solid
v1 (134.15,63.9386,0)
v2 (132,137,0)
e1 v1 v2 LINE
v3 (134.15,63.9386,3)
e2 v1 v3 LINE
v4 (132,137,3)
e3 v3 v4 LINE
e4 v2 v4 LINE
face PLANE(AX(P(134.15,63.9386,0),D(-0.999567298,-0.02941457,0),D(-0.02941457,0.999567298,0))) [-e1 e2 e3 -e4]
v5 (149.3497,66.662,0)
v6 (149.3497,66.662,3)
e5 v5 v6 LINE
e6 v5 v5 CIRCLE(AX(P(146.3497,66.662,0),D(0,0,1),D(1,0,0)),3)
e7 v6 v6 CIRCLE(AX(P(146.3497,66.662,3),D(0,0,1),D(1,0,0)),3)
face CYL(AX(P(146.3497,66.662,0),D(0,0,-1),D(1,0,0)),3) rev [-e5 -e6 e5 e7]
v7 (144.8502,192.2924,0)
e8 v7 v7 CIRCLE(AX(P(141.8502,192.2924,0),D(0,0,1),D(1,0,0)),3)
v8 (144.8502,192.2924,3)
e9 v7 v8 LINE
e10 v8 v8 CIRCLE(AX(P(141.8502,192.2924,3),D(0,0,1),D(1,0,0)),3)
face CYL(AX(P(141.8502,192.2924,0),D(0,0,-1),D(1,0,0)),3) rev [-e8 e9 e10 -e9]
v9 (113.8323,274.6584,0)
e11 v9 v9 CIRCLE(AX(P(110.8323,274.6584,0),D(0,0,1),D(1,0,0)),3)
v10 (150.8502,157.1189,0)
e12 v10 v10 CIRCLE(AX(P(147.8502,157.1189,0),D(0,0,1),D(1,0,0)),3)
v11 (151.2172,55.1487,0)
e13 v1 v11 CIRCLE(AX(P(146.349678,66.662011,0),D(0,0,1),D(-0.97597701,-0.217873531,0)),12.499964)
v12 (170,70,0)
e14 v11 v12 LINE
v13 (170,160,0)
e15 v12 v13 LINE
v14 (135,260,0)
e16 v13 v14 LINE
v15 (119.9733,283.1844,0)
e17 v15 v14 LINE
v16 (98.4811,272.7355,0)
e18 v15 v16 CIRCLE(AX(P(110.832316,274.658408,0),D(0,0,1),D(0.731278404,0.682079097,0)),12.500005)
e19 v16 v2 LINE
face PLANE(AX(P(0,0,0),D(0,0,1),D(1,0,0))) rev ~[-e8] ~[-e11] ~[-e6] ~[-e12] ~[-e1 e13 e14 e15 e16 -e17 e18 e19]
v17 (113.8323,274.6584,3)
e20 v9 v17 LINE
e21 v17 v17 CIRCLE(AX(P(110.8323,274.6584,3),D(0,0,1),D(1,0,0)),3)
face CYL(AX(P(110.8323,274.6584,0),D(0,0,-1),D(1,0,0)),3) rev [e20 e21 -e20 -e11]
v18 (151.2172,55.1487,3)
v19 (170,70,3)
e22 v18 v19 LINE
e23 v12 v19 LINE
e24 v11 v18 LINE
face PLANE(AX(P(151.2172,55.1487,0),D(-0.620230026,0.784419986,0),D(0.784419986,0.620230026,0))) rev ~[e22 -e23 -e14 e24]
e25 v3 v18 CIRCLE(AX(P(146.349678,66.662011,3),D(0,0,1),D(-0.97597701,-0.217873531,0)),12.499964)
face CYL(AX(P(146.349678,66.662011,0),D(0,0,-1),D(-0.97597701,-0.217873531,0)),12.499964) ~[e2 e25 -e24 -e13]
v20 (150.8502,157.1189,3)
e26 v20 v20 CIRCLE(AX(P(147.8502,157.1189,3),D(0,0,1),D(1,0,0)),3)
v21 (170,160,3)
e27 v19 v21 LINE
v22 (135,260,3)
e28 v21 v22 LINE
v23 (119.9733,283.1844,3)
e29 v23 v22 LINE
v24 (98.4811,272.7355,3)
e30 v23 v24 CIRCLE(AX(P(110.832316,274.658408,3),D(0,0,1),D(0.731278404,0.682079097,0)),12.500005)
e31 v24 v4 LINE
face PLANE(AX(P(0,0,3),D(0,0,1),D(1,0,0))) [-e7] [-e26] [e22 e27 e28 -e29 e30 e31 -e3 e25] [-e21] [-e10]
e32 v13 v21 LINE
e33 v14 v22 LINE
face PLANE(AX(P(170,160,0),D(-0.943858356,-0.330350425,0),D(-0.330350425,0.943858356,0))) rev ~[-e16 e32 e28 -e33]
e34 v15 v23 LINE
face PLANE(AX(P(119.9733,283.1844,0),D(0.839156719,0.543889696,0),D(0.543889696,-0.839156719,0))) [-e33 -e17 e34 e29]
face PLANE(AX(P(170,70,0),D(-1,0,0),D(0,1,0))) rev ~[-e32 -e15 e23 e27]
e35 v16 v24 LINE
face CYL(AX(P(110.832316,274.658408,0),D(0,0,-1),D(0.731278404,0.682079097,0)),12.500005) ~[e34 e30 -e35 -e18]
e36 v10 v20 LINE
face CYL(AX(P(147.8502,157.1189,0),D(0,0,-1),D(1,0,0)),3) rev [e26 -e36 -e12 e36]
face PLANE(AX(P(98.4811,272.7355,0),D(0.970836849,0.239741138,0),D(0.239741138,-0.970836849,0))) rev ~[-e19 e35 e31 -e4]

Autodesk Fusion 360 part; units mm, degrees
sketch "Esquisse1" plane through (0, 0, 0) normal (0, 0, 1) x (1, 0, 0)
  circle A0 centre (-28.9762, 57.1678) radius 4 construction
  circle A1 centre (0, 0) radius 4 construction
  circle A2 centre (65.0769, 11.2557) radius 4 construction
  spline S0 degree 3 poles (-28.9762, 70.1678) (-36.1559, 70.1678) (-41.9762, 64.3475) (-41.9762, 57.1678) (-41.9762, 49.9881) (-36.1559, 44.1678) (-28.9762, 44.1678) knots 0 0 0 0 1 1 1 2 2 2 2
  spline S1 degree 3 poles (-10.2665, 7.9748) (-2.9429, 18.3079) (-5.3826, 32.6214) (-15.7156, 39.945) (-19.5917, 42.6922) (-24.2253, 44.1678) (-28.9762, 44.1678) knots 0 0 0 0 1 1 1 2 2 2 2
  spline S2 degree 3 poles (64.1314, 172.9751) (62.374, 174.7324) (59.5248, 174.7324) (57.7674, 172.9751) (56.0101, 171.2177) (56.0101, 168.3685) (57.7674, 166.6111) knots 0 0 0 0 1 1 1 2 2 2 2
  line L0 (70.1314, 166.9751) -> (64.1314, 172.9751) construction
  spline S3 degree 3 poles (63.7674, 160.6111) (65.5248, 158.8538) (68.374, 158.8538) (70.1314, 160.6111) (71.8888, 162.3685) (71.8888, 165.2177) (70.1314, 166.9751) knots 0 0 0 0 1 1 1 2 2 2 2
  line L1 (63.7674, 160.6111) -> (57.7674, 166.6111) construction
  spline S4 degree 3 poles (48.9494, 163.7931) (48.9494, 162.9431) (49.0096, 162.0942) (49.1296, 161.2528) knots 0 0 0 0 1 1 1 1
  line L2 (57.7674, 166.6111) -> (63.7674, 160.6111) construction
  spline S5 degree 3 poles (64.1314, 172.9751) (62.374, 174.7324) (59.5248, 174.7324) (57.7674, 172.9751) (56.0101, 171.2177) (56.0101, 168.3685) (57.7674, 166.6111) knots 0 0 0 0 1 1 1 2 2 2 2 construction
  line L3 (70.1314, 166.9751) -> (64.1314, 172.9751) construction
  spline S6 degree 3 poles (63.7674, 160.6111) (65.5248, 158.8538) (68.374, 158.8538) (70.1314, 160.6111) (71.8888, 162.3685) (71.8888, 165.2177) (70.1314, 166.9751) knots 0 0 0 0 1 1 1 2 2 2 2 construction
  circle A3 centre (77.1957, 405.5301) radius 9.525 construction
  spline S7 degree 3 poles (-10.2665, 7.9748) (-2.9429, 18.3079) (-5.3826, 32.6214) (-15.7156, 39.945) (-19.5917, 42.6922) (-24.2253, 44.1678) (-28.9762, 44.1678) knots 0 0 0 0 1 1 1 2 2 2 2 construction
  spline S8 degree 3 poles (-10.2665, 7.9748) (-14.6709, 2.3048) (-13.6449, -5.8622) (-7.9748, -10.2665) (-5.0869, -12.5098) (-1.3877, -13.433) (2.2156, -12.8098) knots 0 0 0 0 1 1 1 2 2 2 2 construction
  circle A4 centre (66.9494, 163.7931) radius 4.5 construction
  circle A5 centre (66.9494, 163.7931) radius 2.95 construction
  circle A6 centre (77.1957, 405.5301) radius 6.2 construction
  arc A7 (29.3943, 70.1678) -> (38.5415, 76.1229) centre (29.3943, 80.1706) ccw construction
  circle A8 centre (105.659, 34.9839) radius 3 construction
  line L4 (30.2663, 244.3325) -> (62.716, 371.2499) construction
  line L5 (150.2746, 456.2058) -> (249.6046, 17.5293) construction
  line L6 (66.9494, 163.7931) -> (35.3654, 116.3437) construction
  circle A9 centre (86.9154, 445.0854) radius 2 construction
  line L7 (86.9154, 445.0854) -> (59.0066, 452.9658) construction
  line L8 (59.0066, 452.9658) -> (50.8545, 424.0946) construction
  line L9 (59.0066, 452.9658) -> (67.1587, 481.8369) construction
  circle A10 centre (-28.9762, 57.1678) radius 13.0029 construction
  circle A11 centre (0, 0) radius 13.0029 construction
  circle A12 centre (105.659, 34.9839) radius 13 construction
  circle A13 centre (146.3497, 66.662) radius 3 construction
  circle A14 centre (146.3497, 66.662) radius 7.5 construction
  circle A15 centre (66.9494, 163.7931) radius 13 construction
  line L10 (30.2663, 244.3325) -> (49.643, 239.3784) construction
  line L11 (49.643, 239.3784) -> (82.0927, 366.2958) construction
  line L12 (194.3502, 181.1189) -> (109.3502, 181.1189) construction
  line L13 (109.3502, 181.1189) -> (109.3502, 117.1189) construction
  line L14 (109.3502, 117.1189) -> (194.3502, 117.1189) construction
  line L15 (194.3502, 117.1189) -> (194.3502, 181.1189) construction
  line L16 (89.3502, 252.2924) -> (174.3502, 252.2924) construction
  line L17 (174.3502, 252.2924) -> (174.3502, 188.2924) construction
  line L18 (174.3502, 188.2924) -> (89.3502, 188.2924) construction
  line L19 (89.3502, 188.2924) -> (89.3502, 252.2924) construction
  arc A16 (149.7785, 59.9917) -> (116.6647, 28.0647) centre (186.2634, -10.9854) ccw construction
  arc A17 (-10.2665, 7.9748) -> (6.9982, -10.9556) centre (0, 0) ccw construction
  line L20 (115, 102) -> (155, 102) construction
  line L21 (155, 102) -> (155, 82) construction
  line L22 (155, 82) -> (115, 82) construction
  line L23 (115, 82) -> (115, 102) construction
  spline S9 degree 5 poles (47.7274, 67.4718) (47.3281, 66.25) (46.4427, 63.9241) (44.8543, 60.7877) (42.2069, 57.3229) (37.9663, 54.2531) (32.7422, 52.5151) (26.5189, 52.1302) (19.36, 53.0121) (11.3588, 55.0347) (2.6106, 58.0689) (-4.924, 61.2221) (-10.8549, 63.966) (-14.9312, 65.9611) (-17, 67) knots 0 0 0 0 0 0 0.1 0.2 0.3 0.4 0.5 0.6 0.7 0.8 0.9 1 1 1 1 1 1 construction
  arc A18 (149.7785, 59.9917) -> (145.7758, 74.1401) centre (146.3497, 66.662) ccw construction
  arc A19 (106.8583, 22.0393) -> (116.6647, 28.0647) centre (105.659, 34.9839) ccw construction
  line L24 (82.0927, 366.2958) -> (42.6573, 212.0556) construction
  spline S10 degree 5 poles (-17, 67) (-17.1898, 67.1027) (-17.5737, 67.3046) (-18.1631, 67.5968) (-18.9761, 67.9649) (-20.0408, 68.3868) (-21.1577, 68.7673) (-22.3305, 69.1037) (-23.5599, 69.3954) (-24.8424, 69.645) (-26.1736, 69.8562) (-27.2741, 69.9971) (-28.118, 70.0881) (-28.6888, 70.1423) (-28.9762, 70.1678) knots 0 0 0 0 0 0 0.1 0.2 0.3 0.4 0.5 0.6 0.7 0.8 0.9 1 1 1 1 1 1 construction
  line L25 (112.0927, 366.2958) -> (82.0927, 366.2958) construction
  circle A20 centre (0, 0) radius 4.15 construction
  circle A21 centre (-28.9762, 57.1678) radius 4.15 construction
  arc A22 (47.7274, 67.4718) -> (42.6713, 210.5165) centre (-255.8881, 128.3519) ccw construction
  circle A23 centre (66.9494, 163.7931) radius 3 construction
  circle A24 centre (110.8323, 274.6584) radius 7.5 construction
  arc A25 (106.8583, 22.0393) -> (6.9982, -10.9556) centre (128.4398, -210.8903) ccw construction
  arc A26 (82.0927, 366.2958) -> (71.4434, 397.9383) centre (52.352, 373.8997) ccw construction
  arc A27 (6.7295, -63.1083) -> (50.332, 237.2291) centre (-255.8881, 128.3519) ccw construction
  arc A28 (165.8909, 81.8045) -> (94.5564, -35.7811) centre (186.2634, -10.9854) ccw construction
  arc A29 (305.7966, -36.1174) -> (-67.5783, -57.3394) centre (128.4398, -210.8903) ccw construction
  line L26 (110.0008, 99.9968) -> (84.3502, 214.0814) construction
  arc A30 (112.5946, 267.3684) -> (84.3502, 214.0814) centre (122.0574, 228.2239) ccw construction
  arc A31 (110.0008, 99.9968) -> (145.7758, 74.1401) centre (143.1616, 108.2003) ccw construction
  line L27 (62.716, 371.2499) -> (30.2663, 244.3325) construction
  line L28 (30.2663, 244.3325) -> (-3.6429, 253.0023) construction
  line L29 (-3.6429, 253.0023) -> (28.8068, 379.9197) construction
  line L30 (28.8068, 379.9197) -> (62.716, 371.2499) construction
  line L31 (28.8068, 379.9197) -> (32.5224, 394.4522) construction
  line L32 (32.5224, 394.4522) -> (62.716, 371.2499) construction
  line L33 (-3.6429, 253.0023) -> (-7.3585, 238.4698) construction
  line L34 (-7.3585, 238.4698) -> (30.2663, 244.3325) construction
  arc A32 (112.0927, 366.2958) -> (115.0505, 280.8597) centre (180.406, 325.8915) ccw construction
  arc A33 (112.5946, 267.3684) -> (115.0505, 280.8597) centre (110.8323, 274.6584) ccw construction
  circle A34 centre (110.8323, 274.6584) radius 3 construction
  circle A35 centre (77.1957, 405.5301) radius 6 construction
  arc A36 (69.3852, 410.9818) -> (71.4434, 397.9383) centre (77.1957, 405.5301) ccw construction
  arc A37 (142.115, 85.3833) -> (84.2801, -39.8886) centre (186.2634, -10.9854) ccw construction
  arc A38 (108.2254, 142.5582) -> (166.09, 64.8957) centre (143.1616, 108.2003) ccw construction
  line L35 (69.7156, 210.791) -> (84.3502, 214.0814) construction
  line L36 (110.0008, 99.9968) -> (95.3661, 96.7063) construction
  line L37 (95.3661, 96.7063) -> (70.593, 206.8884) construction
  line L38 (65.813, 209.9136) -> (63.0859, 209.3004) construction
  line L39 (69.6598, 177.648) -> (72.9035, 178.3773) construction
  line L40 (71.751, 151.5603) -> (78.7024, 152.9702) construction
  line L41 (91.664, 95.874) -> (69.6275, 90.9193) construction
  line L42 (88.6169, 108.4898) -> (73.4183, 105.0726) construction
  line L43 (91.642, 113.2699) -> (83.4, 149.9274) construction
  line L44 (69.7156, 210.791) -> (75.9287, 183.1573) construction
  arc A39 (64.835, 180.9038) -> (60.0746, 204.4611) centre (-255.8881, 128.3519) ccw construction
  arc A40 (68.5478, 109.2108) -> (68.5529, 147.4056) centre (-255.8881, 128.3519) ccw construction
  arc A41 (58.4283, 45.7068) -> (66.5367, 87.5193) centre (-255.8881, 128.3519) ccw construction
  arc A42 (96.3504, 93.1926) -> (111.6523, 70.4686) centre (143.1616, 108.2003) ccw construction
  arc A43 (111.8948, 64.5481) -> (98.719, 48.7807) centre (186.2634, -10.9854) ccw construction
  arc A44 (95.9158, 47.0674) -> (63.299, 40.8172) centre (128.4398, -210.8903) ccw construction
  arc A45 (58.4283, 45.7068) -> (63.299, 40.8172) centre (62.2968, 44.6896) ccw construction
  arc A46 (69.6275, 90.9193) -> (66.5367, 87.5193) centre (70.505, 87.0168) ccw construction
  arc A47 (111.8948, 64.5481) -> (111.6523, 70.4686) centre (109.0884, 67.3984) ccw construction
  arc A48 (95.9158, 47.0674) -> (98.719, 48.7807) centre (95.4155, 51.036) ccw construction
  arc A49 (96.3504, 93.1926) -> (91.664, 95.874) centre (92.5414, 91.9714) ccw construction
  arc A50 (71.751, 151.5603) -> (68.5529, 147.4056) centre (72.546, 147.6401) ccw construction
  arc A51 (68.5478, 109.2108) -> (73.4183, 105.0726) centre (72.5408, 108.9752) ccw construction
  arc A52 (88.6169, 108.4898) -> (91.642, 113.2699) centre (87.7395, 112.3924) ccw construction
  arc A53 (83.4, 149.9274) -> (78.7024, 152.9702) centre (79.4974, 149.05) ccw construction
  arc A54 (72.9035, 178.3773) -> (75.9287, 183.1573) centre (72.0261, 182.2799) ccw construction
  arc A55 (64.835, 180.9038) -> (69.6598, 177.648) centre (68.7824, 181.5506) ccw construction
  arc A56 (63.0859, 209.3004) -> (60.0746, 204.4611) centre (63.9633, 205.3978) ccw construction
  arc A57 (70.593, 206.8884) -> (65.813, 209.9136) centre (66.6904, 206.011) ccw construction
  arc A58 (133.9714, 281.918) -> (103.7167, 176.372) centre (122.0574, 228.2239) ccw construction
  arc A59 (124.2253, 402.4992) -> (112.5946, 259.3587) centre (180.406, 325.8915) ccw construction
  line L45 (85.3019, 318.2923) -> (52.245, 189.4942) construction
  line L46 (78.1169, 264.0249) -> (74.6937, 264.9035) construction
  line L47 (72.533, 268.5524) -> (81.8866, 305.1363) construction
  arc A60 (87.72, 305.0513) -> (96.914, 280.5695) centre (180.406, 325.8915) ccw construction
  arc A61 (95.7143, 276.5047) -> (81.0969, 264.9286) centre (122.0574, 228.2239) ccw construction
  arc A62 (95.7143, 276.5047) -> (96.914, 280.5695) centre (94.2774, 279.1382) ccw construction
  arc A63 (87.72, 305.0513) -> (81.8866, 305.1363) centre (84.7931, 304.3932) ccw construction
  arc A64 (72.533, 268.5524) -> (74.6937, 264.9035) centre (75.4395, 267.8093) ccw construction
  arc A65 (78.1169, 264.0249) -> (81.0969, 264.9286) centre (78.8627, 266.9307) ccw construction
  arc A66 (42.6573, 212.0556) -> (42.6713, 210.5165) centre (45.5638, 211.3125) ccw construction
  circle A67 centre (86.9154, 445.0854) radius 7.5 construction
  arc A68 (94.3544, 446.0401) -> (112.0927, 366.2958) centre (365.6747, 464.5475) ccw construction
  arc A69 (69.3852, 410.9818) -> (79.4497, 445.8015) centre (7.9302, 447.6095) ccw construction
  arc A70 (94.3544, 446.0401) -> (79.4497, 445.8015) centre (86.9154, 445.0854) ccw construction
  line L48 (227.4805, 115.2371) -> (278.7067, 112.3358) construction
  line L49 (139.3502, 181.1189) -> (139.3502, 117.1189) construction
  line L50 (152.3502, 181.1189) -> (152.3502, 117.1189) construction
  line L51 (139.3502, 149.1189) -> (152.3502, 149.1189) construction
  line L52 (119.3502, 252.2924) -> (119.3502, 188.2924) construction
  line L53 (132.3502, 252.2924) -> (132.3502, 188.2924) construction
  line L54 (132.3502, 220.2924) -> (119.3502, 220.2924) construction
  circle A71 centre (110.8323, 274.6584) radius 3
  circle A72 centre (146.3497, 66.662) radius 3
  circle A73 centre (119.3502, 220.2924) radius 2.5 construction
  line L55 (155, 92) -> (147, 92) construction
  line L56 (98.4811, 272.7355) -> (132, 137)
  arc A74 (134.15, 63.9386) -> (151.2172, 55.1487) centre (146.3497, 66.662) ccw
  arc A75 (119.9733, 283.1844) -> (98.4811, 272.7355) centre (110.8323, 274.6584) ccw
  arc A76 (204.218, 109.7343) -> (203.7833, 111.288) centre (194.4019, 107.8255) ccw
  line L57 (134.15, 63.9386) -> (132, 137)
  line L58 (119.9733, 283.1844) -> (135, 260)
  line L59 (170, 70) -> (170, 160)
  line L60 (170, 160) -> (135, 260)
  line L61 (151.2172, 55.1487) -> (170, 70)
  circle A77 centre (149.3502, 129.1189) radius 2.5 construction
  circle A78 centre (141.8502, 192.2924) radius 3
  circle A79 centre (147.8502, 157.1189) radius 3
  point P0 (42.4595, 211.2822)
  point P1 (33.0466, 52.9627)
  point P2 (-22, 69)
  dimension "d3" = 5.9
  dimension "d4" = 12.4
  dimension "d49" = 6
  dimension "d53" = 131
  dimension "d64" = 4
  dimension "d68" = 29
  dimension "d69" = 30
  dimension "d70" = 30
  dimension "d71" = 26
  dimension "d72" = 6
  dimension "d73" = 15
  dimension "d74" = 26
  dimension "d75" = 20
  dimension "d76" = 30
  dimension "d77" = 160
  dimension "d78" = 64
  dimension "d79" = 85
  dimension "d80" = 64
  dimension "d81" = 85
  dimension "d82" = 20
  dimension "d83" = 40
  dimension "d86" = 8.3
  dimension "d87" = 8.3
  dimension "d88" = 6
  dimension "d89" = 15
  dimension "d93" = 79.8054
  dimension "d94" = 309.659
  dimension "d95" = 233.9273
  dimension "d97" = 325
  dimension "d98" = 95
  dimension "d99" = 249
  dimension "d104" = 35
  dimension "d105" = 15
  dimension "d106" = 15
  dimension "d107" = 6
  dimension "d108" = 12
  dimension "d109" = 106
  dimension "d111" = 49
  dimension "d112" = 15
  dimension "d113" = 4
  dimension "d114" = 4
  dimension "d115" = 4
  dimension "d116" = 4
  dimension "d117" = 4
  dimension "d118" = 55
  dimension "d119" = 95
  dimension "d121" = 3
  dimension "d122" = 3
  dimension "d123" = 3
  dimension "d124" = 3
  dimension "d131" = 3
  dimension "d132" = 15
  dimension "d133" = 74
  dimension "d135" = 55
  dimension "d137" = 42
  dimension "d138" = 42
  dimension "d139" = 13
  dimension "d141" = 5
  dimension "d142" = 8
  dimension "d153" = 35
  dimension "d154" = 55
  dimension "d156" = 5
  dimension "d157" = 10
  dimension "d158" = 20
  dimension "d164" = 6
  dimension "d165" = 22.5
  dimension "d166" = 28
  dimension "d170" = 6
  dimension "d171" = 1.5
  dimension "d172" = 28
extrude "Extrusion2" add sketch "Esquisse1" along normal blind 3
equation "d135 = 42 mm + 13 mm"
